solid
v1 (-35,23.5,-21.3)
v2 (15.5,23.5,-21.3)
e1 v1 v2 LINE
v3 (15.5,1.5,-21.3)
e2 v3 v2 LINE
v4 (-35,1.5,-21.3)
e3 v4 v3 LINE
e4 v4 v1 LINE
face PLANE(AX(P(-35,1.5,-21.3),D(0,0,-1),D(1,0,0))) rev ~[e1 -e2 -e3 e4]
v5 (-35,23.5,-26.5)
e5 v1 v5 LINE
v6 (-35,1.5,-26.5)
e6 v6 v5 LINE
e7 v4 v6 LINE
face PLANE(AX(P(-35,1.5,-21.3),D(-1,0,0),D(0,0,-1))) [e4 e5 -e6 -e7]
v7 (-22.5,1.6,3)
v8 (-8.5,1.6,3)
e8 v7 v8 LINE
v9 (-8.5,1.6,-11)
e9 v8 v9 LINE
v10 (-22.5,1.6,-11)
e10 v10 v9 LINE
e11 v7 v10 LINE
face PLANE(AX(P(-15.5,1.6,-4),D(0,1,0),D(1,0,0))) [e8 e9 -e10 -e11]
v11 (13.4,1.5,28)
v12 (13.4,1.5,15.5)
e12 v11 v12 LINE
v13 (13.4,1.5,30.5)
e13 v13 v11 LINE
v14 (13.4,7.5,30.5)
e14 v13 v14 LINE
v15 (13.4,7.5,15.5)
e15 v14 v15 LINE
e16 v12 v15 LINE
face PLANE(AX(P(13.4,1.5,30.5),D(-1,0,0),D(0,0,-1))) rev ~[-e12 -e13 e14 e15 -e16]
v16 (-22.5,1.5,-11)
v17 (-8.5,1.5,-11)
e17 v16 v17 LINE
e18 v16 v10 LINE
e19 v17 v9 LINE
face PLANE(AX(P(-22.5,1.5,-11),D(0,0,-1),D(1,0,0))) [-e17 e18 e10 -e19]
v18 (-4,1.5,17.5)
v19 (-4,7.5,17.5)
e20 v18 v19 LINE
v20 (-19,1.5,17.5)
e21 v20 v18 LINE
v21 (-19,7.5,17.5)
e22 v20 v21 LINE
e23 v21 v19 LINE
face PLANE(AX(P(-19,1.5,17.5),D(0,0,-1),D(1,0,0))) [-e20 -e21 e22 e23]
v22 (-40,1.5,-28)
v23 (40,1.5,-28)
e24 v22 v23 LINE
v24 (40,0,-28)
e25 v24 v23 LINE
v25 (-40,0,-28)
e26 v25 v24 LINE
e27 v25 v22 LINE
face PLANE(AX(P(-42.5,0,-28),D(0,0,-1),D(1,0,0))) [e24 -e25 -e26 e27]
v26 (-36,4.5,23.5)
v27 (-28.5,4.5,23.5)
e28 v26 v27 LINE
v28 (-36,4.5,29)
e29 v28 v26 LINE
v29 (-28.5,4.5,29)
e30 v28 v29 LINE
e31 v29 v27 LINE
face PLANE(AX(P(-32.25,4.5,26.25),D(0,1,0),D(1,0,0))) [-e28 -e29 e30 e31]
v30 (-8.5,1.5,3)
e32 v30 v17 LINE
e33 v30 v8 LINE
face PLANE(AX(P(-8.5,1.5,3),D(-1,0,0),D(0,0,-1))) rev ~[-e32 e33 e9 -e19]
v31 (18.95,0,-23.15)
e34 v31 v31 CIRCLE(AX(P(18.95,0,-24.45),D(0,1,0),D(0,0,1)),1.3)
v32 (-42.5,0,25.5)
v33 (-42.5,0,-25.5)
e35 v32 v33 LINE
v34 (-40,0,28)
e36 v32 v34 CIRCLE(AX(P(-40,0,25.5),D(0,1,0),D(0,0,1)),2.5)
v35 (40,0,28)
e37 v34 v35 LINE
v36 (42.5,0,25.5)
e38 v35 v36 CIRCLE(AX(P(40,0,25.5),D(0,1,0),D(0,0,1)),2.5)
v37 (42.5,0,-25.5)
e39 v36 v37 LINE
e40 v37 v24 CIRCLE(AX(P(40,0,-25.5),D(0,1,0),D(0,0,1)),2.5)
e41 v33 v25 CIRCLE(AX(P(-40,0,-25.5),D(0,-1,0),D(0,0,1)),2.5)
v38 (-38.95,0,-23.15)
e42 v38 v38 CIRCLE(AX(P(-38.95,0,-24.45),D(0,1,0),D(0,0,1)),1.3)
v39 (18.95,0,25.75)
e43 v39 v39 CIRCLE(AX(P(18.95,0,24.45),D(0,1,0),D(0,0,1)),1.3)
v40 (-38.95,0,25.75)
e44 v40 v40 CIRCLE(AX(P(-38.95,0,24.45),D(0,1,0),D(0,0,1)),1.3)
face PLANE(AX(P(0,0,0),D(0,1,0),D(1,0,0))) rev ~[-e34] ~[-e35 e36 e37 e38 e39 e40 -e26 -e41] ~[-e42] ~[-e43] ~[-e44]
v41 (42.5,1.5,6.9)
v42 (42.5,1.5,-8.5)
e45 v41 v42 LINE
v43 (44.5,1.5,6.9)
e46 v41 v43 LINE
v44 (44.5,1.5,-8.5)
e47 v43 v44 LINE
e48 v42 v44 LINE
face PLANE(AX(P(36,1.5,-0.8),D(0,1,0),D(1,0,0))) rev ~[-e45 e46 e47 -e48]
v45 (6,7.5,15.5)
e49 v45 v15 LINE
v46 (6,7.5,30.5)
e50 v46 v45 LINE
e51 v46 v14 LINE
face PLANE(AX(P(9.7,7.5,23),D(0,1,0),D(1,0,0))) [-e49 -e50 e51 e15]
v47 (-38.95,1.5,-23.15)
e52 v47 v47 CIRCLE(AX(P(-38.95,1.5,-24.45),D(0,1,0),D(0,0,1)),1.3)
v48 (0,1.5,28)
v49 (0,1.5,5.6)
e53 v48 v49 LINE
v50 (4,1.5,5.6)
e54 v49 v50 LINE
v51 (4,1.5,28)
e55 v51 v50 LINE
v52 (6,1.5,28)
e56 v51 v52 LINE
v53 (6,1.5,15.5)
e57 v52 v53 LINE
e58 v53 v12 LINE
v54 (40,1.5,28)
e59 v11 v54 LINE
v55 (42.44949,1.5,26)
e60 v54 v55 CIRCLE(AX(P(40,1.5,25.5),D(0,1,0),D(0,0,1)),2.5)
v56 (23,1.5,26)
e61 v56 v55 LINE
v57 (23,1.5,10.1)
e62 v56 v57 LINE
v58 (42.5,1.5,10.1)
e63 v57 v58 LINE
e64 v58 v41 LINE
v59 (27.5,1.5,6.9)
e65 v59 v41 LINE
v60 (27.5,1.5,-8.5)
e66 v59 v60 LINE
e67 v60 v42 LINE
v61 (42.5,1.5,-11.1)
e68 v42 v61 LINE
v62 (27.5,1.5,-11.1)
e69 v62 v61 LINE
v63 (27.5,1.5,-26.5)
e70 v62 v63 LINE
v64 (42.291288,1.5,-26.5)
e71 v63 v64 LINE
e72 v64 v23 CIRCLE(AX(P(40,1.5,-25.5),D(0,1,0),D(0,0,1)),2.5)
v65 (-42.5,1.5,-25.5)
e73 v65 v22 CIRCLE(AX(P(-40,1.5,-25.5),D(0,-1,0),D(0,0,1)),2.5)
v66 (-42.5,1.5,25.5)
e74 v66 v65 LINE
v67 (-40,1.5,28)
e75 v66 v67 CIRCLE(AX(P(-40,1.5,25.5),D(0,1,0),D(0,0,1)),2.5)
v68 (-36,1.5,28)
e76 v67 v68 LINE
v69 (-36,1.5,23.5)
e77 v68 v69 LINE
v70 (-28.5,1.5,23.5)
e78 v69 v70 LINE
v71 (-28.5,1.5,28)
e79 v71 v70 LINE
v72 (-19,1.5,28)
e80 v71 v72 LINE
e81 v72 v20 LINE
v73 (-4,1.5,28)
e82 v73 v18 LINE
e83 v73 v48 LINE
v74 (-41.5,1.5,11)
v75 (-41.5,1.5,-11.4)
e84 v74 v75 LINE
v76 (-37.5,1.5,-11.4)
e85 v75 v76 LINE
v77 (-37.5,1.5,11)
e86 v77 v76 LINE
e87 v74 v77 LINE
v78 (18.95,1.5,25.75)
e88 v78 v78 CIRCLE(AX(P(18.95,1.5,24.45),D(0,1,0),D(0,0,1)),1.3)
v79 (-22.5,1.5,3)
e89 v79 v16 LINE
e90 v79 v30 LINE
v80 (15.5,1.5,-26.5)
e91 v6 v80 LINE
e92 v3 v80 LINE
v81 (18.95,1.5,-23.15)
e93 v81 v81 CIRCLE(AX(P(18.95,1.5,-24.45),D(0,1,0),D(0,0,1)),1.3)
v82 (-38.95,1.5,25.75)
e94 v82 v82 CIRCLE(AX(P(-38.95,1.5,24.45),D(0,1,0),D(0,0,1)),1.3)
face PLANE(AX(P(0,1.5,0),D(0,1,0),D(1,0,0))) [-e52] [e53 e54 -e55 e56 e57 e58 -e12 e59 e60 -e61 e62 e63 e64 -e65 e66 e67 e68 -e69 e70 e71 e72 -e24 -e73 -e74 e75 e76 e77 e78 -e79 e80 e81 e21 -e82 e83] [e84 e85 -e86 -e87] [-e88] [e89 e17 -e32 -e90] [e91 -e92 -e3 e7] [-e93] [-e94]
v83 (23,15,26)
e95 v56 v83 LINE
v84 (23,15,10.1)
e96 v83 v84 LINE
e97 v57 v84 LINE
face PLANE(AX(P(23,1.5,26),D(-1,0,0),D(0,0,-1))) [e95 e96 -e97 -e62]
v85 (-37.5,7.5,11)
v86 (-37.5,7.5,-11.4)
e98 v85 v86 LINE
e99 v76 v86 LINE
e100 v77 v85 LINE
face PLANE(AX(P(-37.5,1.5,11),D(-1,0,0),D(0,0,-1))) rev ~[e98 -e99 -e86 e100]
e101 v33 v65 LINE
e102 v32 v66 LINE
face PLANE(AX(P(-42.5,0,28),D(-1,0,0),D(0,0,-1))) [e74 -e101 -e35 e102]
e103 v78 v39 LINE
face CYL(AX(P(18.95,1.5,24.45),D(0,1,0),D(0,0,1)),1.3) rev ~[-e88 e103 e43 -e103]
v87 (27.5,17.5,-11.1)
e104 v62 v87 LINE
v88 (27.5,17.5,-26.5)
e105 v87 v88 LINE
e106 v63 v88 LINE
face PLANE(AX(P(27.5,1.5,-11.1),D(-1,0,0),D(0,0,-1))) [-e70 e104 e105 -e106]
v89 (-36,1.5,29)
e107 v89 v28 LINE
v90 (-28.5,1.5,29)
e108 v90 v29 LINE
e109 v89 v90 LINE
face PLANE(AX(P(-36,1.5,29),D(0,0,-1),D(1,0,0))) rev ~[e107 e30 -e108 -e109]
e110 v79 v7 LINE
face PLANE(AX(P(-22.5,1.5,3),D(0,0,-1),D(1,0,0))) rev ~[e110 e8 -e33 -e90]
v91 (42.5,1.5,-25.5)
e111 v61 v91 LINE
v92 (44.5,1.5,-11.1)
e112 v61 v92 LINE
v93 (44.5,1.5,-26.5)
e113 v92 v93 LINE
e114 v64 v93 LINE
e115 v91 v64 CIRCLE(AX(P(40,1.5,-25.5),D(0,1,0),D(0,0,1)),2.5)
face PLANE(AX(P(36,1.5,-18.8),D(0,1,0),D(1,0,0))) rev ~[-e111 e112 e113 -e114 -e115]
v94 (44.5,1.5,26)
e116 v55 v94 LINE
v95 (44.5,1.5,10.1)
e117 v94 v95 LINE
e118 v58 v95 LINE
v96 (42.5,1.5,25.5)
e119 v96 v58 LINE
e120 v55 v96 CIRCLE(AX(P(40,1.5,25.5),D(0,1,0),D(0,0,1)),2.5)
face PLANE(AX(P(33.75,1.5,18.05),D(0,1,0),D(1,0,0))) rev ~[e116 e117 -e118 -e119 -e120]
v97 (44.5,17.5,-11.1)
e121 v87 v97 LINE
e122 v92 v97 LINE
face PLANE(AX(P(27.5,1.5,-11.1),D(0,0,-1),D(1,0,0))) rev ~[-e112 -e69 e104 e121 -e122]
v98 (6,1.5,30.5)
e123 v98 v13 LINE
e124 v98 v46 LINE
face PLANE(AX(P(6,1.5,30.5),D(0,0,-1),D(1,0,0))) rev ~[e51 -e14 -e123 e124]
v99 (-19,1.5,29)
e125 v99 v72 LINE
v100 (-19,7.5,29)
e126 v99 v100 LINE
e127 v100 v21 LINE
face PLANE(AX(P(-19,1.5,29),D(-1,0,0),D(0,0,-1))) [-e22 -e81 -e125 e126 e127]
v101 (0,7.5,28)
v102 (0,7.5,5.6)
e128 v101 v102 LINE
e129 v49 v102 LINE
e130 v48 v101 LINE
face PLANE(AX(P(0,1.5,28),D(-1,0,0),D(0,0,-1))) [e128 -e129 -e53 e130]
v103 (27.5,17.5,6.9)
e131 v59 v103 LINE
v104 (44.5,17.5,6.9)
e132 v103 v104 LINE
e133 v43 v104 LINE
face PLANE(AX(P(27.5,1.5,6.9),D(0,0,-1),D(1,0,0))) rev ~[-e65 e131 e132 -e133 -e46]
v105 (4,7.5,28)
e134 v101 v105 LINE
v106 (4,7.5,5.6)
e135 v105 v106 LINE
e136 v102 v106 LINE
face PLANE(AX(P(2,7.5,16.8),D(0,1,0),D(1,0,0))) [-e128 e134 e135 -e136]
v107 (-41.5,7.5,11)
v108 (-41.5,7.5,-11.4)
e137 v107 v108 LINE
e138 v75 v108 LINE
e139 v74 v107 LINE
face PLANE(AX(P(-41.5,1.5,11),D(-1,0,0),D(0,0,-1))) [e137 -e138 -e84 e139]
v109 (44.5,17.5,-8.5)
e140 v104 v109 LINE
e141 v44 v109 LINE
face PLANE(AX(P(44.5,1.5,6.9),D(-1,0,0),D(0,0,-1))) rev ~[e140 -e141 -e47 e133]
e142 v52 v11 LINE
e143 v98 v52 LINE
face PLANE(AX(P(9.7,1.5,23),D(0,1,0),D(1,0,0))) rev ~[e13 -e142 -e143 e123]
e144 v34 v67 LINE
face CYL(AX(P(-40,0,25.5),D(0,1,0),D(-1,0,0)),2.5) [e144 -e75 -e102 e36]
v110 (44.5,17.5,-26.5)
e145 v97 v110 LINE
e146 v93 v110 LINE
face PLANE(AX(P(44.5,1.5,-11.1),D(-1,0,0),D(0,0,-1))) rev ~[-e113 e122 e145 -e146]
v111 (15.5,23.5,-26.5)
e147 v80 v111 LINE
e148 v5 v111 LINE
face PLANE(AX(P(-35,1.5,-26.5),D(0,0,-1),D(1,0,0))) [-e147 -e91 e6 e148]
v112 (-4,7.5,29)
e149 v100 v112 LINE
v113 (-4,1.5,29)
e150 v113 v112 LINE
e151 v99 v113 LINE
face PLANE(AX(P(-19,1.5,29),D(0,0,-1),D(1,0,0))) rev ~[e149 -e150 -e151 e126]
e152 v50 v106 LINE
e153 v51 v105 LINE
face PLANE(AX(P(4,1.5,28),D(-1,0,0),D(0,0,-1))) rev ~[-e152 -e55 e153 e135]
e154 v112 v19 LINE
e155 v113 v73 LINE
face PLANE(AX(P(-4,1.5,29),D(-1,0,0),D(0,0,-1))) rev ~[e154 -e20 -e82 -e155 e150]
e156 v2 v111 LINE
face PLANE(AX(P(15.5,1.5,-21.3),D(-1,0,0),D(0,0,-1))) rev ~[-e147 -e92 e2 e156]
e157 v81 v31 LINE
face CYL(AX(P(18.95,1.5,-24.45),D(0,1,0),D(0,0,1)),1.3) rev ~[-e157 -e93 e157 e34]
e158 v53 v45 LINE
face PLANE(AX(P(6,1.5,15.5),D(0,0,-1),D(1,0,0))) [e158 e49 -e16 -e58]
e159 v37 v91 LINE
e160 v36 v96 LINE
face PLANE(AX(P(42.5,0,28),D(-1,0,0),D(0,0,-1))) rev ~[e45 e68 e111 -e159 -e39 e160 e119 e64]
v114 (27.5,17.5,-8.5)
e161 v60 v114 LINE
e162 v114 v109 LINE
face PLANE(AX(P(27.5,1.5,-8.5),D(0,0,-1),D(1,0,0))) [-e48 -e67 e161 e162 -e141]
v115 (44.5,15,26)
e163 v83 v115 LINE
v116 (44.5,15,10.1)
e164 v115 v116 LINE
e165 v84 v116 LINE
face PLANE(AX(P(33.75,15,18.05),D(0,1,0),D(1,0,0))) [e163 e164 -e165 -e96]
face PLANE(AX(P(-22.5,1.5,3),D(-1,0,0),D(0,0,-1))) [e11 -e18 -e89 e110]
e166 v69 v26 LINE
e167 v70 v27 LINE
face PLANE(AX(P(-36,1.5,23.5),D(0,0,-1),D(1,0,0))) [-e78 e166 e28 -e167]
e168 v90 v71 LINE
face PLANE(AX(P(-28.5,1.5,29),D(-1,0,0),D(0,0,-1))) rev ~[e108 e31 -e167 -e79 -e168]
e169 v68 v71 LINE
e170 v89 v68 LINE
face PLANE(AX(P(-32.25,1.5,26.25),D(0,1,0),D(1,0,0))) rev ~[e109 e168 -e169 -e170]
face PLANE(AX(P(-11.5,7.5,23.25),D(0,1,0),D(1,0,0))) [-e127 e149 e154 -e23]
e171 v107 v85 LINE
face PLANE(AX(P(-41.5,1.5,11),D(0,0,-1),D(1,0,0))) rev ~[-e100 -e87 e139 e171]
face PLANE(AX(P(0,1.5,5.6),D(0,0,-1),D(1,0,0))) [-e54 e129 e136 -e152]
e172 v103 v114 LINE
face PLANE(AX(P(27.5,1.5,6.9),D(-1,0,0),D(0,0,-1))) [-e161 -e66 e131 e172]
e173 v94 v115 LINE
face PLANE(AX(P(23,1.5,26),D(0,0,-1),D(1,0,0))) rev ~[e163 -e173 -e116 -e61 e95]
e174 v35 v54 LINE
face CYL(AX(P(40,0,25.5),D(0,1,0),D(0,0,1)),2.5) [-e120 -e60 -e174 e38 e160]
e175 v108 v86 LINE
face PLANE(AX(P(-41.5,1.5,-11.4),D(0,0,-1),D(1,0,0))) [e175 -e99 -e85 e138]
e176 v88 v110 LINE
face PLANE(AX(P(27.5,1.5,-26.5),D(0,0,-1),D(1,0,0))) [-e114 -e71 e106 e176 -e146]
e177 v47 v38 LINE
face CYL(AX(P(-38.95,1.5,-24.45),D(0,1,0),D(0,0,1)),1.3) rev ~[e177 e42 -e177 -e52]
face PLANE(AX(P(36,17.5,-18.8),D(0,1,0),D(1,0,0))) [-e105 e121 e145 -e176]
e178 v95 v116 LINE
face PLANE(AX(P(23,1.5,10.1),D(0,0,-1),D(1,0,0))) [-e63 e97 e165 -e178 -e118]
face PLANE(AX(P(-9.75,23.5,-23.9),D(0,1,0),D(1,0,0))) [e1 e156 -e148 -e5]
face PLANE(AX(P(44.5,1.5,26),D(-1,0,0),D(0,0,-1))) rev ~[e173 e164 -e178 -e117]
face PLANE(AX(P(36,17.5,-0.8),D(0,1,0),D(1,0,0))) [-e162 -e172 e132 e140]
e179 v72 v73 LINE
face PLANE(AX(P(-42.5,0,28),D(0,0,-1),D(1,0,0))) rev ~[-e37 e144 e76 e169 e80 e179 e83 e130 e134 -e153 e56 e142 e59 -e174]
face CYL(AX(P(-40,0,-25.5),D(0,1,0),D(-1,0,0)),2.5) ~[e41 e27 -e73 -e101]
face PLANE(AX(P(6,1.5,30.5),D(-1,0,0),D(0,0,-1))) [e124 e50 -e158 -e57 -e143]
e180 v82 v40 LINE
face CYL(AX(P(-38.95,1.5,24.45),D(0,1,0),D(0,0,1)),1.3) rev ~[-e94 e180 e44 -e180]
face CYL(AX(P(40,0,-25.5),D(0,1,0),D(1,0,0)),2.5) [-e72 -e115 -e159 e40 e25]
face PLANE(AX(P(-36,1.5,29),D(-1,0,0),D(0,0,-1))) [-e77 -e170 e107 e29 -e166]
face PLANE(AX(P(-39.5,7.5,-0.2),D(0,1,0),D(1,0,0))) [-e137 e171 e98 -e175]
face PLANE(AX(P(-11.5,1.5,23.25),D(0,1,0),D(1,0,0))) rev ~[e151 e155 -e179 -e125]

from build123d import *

# Parameters (mm, degrees)
SKETCH1_W           = 85
SKETCH1_H           = 56
BOSS_EXTRUDE1_DEPTH = 1.5
FILLET1_R           = 2.5
SKETCH2_R           = 1.3
CUT_EXTRUDE1_DEPTH  = 51.916598472
SKETCH3_W           = 14
SKETCH3_H           = 14
BOSS_EXTRUDE2_DEPTH = 0.1
SKETCH4_W           = 50.5
SKETCH4_H           = 5.2
BOSS_EXTRUDE3_DEPTH = 22
SKETCH5_W           = 7.5
SKETCH5_H           = 5.5
BOSS_EXTRUDE4_DEPTH = 3
SKETCH6_W           = 4
SKETCH6_H           = 22.4
SKETCH6_W_2         = 15
SKETCH6_H_2         = 11.5
SKETCH6_W_3         = 7.4
SKETCH6_H_3         = 15
BOSS_EXTRUDE5_DEPTH = 6
SKETCH7_W           = 21.5
SKETCH7_H           = 15.9
BOSS_EXTRUDE6_DEPTH = 13.5
SKETCH7_3_W         = 17
SKETCH7_3_H         = 15.4
BOSS_EXTRUDE7_DEPTH = 16


with BuildPart() as part:
    # Sketch1 → Boss-Extrude1 (new body)
    with BuildSketch(Plane(origin=(0, 0, 0), x_dir=(1, 0, 0), z_dir=(0, 1, 0))):
        Rectangle(SKETCH1_W, SKETCH1_H)
    extrude(amount=BOSS_EXTRUDE1_DEPTH)

    # Fillet1
    fillet1_edges = [part.edges().sort_by_distance(p)[0] for p in [
        (-42.5, 0.75, 28),
        (-42.5, 0.75, -28),
        (42.5, 0.75, -28),
        (42.5, 0.75, 28),
    ]]
    fillet(fillet1_edges, radius=FILLET1_R)

    # Sketch2 → Cut-Extrude1 (cut, through all)
    with BuildSketch(Plane(origin=(0, 1.5, 0), x_dir=(1, 0, 0), z_dir=(0, 1, 0))):
        with Locations((-38.95, -24.45)):
            Circle(SKETCH2_R)
        with Locations((-38.95, 24.45)):
            Circle(SKETCH2_R)
        with Locations((18.95, 24.45)):
            Circle(SKETCH2_R)
        with Locations((18.95, -24.45)):
            Circle(SKETCH2_R)
    extrude(amount=-CUT_EXTRUDE1_DEPTH, mode=Mode.SUBTRACT)

    # Sketch3 → Boss-Extrude2 (add)
    with BuildSketch(Plane(origin=(0, 1.5, 0), x_dir=(1, 0, 0), z_dir=(0, 1, 0))):
        with Locations((-15.5, 4)):
            Rectangle(SKETCH3_W, SKETCH3_H)
    extrude(amount=BOSS_EXTRUDE2_DEPTH)

    # Sketch4 → Boss-Extrude3 (add)
    with BuildSketch(Plane(origin=(0, 1.5, 0), x_dir=(1, 0, 0), z_dir=(0, 1, 0))):
        with Locations((-9.75, 23.9)):
            Rectangle(SKETCH4_W, SKETCH4_H)
    extrude(amount=BOSS_EXTRUDE3_DEPTH)

    # Sketch5 → Boss-Extrude4 (add)
    with BuildSketch(Plane(origin=(0, 1.5, 0), x_dir=(1, 0, 0), z_dir=(0, 1, 0))):
        with Locations((-32.25, -26.25)):
            Rectangle(SKETCH5_W, SKETCH5_H)
    extrude(amount=BOSS_EXTRUDE4_DEPTH)

    # Sketch6 → Boss-Extrude5 (add)
    with BuildSketch(Plane(origin=(0, 1.5, 0), x_dir=(1, 0, 0), z_dir=(0, 1, 0))):
        with Locations((2, -16.8)):
            Rectangle(SKETCH6_W, SKETCH6_H)
        with Locations((-39.5, 0.2)):
            Rectangle(SKETCH6_W, SKETCH6_H)
        with Locations((-11.5, -23.25)):
            Rectangle(SKETCH6_W_2, SKETCH6_H_2)
        with Locations((9.7, -23)):
            Rectangle(SKETCH6_W_3, SKETCH6_H_3)
    extrude(amount=BOSS_EXTRUDE5_DEPTH)

    # Sketch7 → Boss-Extrude6 (add)
    with BuildSketch(Plane(origin=(0, 1.5, 0), x_dir=(1, 0, 0), z_dir=(0, 1, 0))):
        with Locations((33.75, -18.05)):
            Rectangle(SKETCH7_W, SKETCH7_H)
    extrude(amount=BOSS_EXTRUDE6_DEPTH)

    # Sketch7<3> → Boss-Extrude7 (add)
    with BuildSketch(Plane(origin=(0, 1.5, 0), x_dir=(1, 0, 0), z_dir=(0, 1, 0))):
        with Locations((36, 18.8)):
            Rectangle(SKETCH7_3_W, SKETCH7_3_H)
        with Locations((36, 0.8)):
            Rectangle(SKETCH7_3_W, SKETCH7_3_H)
    extrude(amount=BOSS_EXTRUDE7_DEPTH)


solid = part.part
